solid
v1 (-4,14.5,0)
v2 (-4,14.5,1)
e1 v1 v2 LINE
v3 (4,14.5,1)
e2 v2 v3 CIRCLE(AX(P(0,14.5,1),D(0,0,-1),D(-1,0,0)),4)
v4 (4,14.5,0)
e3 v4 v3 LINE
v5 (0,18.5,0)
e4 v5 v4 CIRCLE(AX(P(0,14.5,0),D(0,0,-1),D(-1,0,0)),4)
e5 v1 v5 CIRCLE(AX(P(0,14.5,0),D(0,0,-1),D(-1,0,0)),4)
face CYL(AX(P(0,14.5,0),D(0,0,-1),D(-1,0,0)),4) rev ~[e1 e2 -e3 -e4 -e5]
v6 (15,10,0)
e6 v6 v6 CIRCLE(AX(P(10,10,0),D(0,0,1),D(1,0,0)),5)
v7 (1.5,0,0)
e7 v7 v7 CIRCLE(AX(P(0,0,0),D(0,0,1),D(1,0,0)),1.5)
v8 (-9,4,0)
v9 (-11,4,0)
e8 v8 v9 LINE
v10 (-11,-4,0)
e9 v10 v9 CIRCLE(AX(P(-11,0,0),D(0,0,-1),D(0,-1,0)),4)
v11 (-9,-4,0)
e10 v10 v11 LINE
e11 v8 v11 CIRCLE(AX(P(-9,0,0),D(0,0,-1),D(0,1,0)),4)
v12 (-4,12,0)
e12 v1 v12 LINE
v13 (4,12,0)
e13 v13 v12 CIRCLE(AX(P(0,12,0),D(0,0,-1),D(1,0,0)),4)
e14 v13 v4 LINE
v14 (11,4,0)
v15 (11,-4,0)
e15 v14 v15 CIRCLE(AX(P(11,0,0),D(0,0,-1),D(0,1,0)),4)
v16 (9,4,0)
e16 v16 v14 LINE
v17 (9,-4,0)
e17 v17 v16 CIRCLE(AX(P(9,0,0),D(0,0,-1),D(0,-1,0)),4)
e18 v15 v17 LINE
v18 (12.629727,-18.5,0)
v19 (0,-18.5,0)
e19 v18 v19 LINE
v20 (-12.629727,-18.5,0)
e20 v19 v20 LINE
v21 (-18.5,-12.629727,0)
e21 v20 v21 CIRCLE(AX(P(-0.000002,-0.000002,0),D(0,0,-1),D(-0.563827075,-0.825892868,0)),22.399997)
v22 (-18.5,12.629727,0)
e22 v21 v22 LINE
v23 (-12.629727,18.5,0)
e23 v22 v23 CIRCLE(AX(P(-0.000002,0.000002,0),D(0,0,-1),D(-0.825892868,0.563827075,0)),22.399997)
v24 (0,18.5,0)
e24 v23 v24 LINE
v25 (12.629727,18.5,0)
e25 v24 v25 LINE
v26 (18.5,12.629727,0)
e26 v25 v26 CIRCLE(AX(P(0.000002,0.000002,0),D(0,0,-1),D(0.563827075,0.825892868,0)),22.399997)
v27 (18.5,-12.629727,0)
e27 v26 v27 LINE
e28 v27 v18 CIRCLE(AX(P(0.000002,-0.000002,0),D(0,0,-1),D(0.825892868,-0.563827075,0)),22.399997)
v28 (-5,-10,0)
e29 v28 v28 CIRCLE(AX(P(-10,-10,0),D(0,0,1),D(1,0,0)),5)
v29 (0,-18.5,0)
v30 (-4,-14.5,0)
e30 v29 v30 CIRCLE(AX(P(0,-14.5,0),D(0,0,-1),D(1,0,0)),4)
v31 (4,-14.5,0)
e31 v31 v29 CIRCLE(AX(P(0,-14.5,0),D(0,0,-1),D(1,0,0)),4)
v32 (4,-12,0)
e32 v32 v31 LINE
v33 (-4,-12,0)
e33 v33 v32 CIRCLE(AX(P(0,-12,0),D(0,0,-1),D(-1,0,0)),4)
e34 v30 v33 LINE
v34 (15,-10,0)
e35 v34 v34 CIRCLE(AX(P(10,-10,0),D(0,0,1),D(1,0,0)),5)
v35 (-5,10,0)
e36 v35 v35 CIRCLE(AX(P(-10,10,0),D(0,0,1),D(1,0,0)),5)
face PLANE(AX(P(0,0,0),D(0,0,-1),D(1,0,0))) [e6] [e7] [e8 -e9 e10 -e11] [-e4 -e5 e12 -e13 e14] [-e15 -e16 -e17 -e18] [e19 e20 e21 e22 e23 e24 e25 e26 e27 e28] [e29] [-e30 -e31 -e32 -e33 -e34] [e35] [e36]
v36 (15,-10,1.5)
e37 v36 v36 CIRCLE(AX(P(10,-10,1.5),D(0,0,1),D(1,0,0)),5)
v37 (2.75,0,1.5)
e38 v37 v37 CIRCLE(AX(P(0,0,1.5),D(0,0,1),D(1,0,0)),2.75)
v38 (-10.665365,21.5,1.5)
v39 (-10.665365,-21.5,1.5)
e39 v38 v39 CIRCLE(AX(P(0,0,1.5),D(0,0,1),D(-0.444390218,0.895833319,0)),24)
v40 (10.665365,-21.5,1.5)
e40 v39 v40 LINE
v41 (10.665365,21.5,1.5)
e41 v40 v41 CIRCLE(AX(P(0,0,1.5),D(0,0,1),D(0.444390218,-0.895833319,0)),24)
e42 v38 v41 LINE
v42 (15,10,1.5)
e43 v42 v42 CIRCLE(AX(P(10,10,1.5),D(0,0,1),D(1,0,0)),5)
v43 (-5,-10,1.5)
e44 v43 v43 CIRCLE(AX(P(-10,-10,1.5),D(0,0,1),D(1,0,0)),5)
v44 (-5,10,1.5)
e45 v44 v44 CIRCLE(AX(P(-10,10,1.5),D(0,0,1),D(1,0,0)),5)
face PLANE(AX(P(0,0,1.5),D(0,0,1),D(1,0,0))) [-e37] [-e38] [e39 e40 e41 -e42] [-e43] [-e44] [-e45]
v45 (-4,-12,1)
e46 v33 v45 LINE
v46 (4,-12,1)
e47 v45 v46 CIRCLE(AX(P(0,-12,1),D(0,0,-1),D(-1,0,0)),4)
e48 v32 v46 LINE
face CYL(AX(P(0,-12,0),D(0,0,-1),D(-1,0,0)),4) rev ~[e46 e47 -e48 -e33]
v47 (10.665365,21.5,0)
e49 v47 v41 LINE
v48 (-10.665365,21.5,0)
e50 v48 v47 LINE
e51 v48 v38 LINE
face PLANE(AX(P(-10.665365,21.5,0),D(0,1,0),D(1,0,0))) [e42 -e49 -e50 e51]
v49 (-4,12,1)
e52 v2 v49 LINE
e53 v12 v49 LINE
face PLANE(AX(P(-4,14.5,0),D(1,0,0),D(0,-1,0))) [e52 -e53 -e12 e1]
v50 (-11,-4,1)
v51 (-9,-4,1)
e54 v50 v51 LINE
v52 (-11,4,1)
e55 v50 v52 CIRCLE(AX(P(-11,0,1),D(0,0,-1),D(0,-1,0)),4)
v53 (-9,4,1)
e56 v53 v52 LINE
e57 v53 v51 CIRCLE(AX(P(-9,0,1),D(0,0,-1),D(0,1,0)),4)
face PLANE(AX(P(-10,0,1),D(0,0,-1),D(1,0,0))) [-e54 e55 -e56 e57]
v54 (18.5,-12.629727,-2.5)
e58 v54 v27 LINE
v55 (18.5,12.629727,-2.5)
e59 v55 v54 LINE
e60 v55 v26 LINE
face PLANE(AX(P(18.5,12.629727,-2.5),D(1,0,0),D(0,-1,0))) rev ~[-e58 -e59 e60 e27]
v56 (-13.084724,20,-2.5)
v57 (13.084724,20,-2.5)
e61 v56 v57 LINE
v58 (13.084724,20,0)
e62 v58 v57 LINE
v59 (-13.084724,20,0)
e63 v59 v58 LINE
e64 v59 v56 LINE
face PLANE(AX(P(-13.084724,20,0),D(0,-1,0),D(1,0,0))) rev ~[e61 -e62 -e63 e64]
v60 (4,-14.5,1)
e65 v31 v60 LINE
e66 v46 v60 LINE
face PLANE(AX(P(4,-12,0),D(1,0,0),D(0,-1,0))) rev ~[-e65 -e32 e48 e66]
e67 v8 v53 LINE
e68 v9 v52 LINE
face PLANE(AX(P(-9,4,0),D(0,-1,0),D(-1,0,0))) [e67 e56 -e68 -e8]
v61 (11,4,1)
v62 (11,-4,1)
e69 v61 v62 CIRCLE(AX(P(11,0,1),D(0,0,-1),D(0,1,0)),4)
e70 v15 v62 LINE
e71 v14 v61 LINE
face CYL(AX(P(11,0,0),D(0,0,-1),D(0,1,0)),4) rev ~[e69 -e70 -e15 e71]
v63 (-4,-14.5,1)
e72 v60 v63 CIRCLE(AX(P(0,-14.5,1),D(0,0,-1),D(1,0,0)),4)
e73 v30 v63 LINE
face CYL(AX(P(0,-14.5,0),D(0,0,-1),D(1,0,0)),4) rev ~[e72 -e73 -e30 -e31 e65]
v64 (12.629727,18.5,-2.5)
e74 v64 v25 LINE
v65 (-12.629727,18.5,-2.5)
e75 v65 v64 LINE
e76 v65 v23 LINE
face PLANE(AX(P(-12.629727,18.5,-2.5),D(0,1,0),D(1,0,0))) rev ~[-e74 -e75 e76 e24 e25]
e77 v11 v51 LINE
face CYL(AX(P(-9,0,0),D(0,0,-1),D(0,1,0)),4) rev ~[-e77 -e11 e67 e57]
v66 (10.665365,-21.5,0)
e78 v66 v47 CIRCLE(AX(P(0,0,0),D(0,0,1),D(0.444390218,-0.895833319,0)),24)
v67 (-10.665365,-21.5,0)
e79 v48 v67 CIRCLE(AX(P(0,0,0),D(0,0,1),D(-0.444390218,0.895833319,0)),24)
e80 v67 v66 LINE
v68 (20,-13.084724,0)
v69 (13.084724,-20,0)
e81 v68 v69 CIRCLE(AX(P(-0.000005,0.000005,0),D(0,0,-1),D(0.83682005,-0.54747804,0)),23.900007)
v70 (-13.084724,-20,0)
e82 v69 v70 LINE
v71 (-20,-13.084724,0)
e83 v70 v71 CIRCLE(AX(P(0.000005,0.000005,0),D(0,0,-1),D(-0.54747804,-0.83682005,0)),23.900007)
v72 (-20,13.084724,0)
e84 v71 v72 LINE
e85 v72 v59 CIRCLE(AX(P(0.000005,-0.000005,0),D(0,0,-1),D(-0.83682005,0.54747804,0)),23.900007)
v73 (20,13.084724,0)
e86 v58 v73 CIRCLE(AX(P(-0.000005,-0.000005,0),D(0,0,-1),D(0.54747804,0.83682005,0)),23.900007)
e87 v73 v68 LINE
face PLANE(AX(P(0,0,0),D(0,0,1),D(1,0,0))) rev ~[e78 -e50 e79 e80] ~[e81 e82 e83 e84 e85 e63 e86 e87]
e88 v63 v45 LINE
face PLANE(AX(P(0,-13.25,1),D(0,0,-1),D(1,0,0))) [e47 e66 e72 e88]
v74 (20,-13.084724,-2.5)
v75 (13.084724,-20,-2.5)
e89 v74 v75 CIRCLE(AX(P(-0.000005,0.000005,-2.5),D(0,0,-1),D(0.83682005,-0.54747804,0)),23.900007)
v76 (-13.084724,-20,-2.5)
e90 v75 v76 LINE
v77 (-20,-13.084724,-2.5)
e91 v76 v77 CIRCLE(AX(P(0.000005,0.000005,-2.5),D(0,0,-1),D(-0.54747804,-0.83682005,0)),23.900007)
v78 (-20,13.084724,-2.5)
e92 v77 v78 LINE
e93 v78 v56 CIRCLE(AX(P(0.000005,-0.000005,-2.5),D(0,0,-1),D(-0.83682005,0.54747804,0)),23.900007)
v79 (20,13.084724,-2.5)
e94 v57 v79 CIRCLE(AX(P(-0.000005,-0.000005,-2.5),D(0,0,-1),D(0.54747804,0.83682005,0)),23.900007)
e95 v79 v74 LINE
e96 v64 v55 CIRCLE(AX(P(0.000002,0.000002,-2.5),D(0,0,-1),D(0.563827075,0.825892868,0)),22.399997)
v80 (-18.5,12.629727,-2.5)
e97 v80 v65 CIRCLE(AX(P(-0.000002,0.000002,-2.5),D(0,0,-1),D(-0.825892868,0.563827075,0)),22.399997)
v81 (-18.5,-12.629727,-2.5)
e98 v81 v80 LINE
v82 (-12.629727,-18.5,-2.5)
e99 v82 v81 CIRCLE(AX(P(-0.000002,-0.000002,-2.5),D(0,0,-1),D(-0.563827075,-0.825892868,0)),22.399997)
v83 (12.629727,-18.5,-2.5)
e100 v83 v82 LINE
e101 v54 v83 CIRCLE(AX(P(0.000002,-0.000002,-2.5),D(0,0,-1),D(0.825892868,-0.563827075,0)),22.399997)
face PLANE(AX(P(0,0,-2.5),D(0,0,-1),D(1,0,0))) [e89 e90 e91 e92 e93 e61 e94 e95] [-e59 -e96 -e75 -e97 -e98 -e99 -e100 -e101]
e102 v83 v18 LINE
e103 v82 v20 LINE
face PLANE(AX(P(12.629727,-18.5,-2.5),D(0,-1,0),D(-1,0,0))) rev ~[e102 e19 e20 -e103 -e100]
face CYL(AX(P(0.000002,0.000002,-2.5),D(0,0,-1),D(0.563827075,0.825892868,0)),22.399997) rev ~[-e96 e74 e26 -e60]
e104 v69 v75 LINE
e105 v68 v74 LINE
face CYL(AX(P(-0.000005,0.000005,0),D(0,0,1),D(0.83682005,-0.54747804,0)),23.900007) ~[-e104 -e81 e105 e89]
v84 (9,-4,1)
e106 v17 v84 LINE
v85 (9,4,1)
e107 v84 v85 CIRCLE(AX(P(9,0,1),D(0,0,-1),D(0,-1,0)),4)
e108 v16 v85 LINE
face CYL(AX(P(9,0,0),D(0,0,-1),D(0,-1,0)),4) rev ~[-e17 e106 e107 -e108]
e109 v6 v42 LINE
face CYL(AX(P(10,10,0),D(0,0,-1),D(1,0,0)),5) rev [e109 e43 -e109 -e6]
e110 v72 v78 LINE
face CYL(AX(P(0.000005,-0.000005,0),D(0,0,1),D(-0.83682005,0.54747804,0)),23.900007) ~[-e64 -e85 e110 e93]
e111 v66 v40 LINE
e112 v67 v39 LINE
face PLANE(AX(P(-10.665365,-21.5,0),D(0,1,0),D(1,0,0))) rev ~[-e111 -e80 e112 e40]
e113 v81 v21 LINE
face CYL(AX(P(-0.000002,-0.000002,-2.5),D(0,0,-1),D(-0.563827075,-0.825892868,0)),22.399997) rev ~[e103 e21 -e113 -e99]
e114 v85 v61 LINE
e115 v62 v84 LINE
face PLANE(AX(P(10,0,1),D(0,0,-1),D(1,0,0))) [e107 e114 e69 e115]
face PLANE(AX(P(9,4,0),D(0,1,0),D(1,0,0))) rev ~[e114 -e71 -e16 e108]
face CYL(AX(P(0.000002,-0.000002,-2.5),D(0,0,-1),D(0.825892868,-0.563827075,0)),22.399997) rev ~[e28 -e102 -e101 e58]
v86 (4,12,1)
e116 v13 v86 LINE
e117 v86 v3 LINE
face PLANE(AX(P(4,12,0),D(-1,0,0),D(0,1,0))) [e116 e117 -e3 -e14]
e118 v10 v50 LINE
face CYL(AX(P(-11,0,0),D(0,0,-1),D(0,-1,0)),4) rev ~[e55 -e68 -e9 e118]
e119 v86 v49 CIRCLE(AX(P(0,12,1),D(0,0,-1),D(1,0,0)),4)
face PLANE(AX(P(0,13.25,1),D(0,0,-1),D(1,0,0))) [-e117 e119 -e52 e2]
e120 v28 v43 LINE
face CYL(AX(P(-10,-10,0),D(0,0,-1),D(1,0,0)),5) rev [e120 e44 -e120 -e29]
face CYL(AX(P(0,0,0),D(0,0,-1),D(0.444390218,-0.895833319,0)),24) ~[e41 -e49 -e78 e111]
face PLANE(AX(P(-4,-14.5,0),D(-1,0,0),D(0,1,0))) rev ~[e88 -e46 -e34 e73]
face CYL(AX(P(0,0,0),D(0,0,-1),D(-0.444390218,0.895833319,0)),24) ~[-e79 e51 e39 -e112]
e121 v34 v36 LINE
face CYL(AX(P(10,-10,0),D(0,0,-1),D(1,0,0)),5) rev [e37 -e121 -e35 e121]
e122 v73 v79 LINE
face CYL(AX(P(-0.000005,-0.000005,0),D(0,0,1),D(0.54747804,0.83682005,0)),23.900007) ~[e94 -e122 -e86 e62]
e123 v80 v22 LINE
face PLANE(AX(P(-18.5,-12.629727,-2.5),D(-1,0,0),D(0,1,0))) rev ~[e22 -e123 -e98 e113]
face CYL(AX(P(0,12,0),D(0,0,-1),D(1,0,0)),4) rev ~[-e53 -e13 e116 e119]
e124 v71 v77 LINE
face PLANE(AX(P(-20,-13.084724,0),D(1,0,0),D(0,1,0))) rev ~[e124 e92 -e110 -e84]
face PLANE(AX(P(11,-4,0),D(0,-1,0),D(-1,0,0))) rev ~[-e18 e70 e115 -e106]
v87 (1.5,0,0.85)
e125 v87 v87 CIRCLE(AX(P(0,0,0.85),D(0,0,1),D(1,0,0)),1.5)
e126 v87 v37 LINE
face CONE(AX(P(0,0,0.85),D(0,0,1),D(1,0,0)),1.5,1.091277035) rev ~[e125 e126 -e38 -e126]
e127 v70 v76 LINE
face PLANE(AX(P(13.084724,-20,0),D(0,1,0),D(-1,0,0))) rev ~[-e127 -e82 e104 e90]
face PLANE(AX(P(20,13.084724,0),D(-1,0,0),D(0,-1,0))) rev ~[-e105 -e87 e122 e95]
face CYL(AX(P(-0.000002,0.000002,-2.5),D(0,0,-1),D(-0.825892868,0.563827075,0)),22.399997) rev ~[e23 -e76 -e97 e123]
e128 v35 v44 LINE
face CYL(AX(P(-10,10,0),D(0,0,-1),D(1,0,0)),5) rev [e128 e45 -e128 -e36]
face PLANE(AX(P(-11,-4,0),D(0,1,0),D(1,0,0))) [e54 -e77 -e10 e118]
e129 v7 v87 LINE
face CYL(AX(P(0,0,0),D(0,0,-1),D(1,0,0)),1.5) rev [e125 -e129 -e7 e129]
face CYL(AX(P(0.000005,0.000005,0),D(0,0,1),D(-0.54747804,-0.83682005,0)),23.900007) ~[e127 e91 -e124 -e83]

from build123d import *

# Parameters (mm, degrees)
SKETCH_R        = 5
SKETCH_R_2      = 1.5
PAD_DEPTH       = 1.5
CHAMFER_SIZE2   = 1.25
CHAMFER_SIZE    = 0.65
POCKET_DEPTH    = 1
PAD001_DEPTH    = 2.5
POCKET001_DEPTH = 2.5


with BuildPart() as part:
    # Sketch → Pad (new body)
    with BuildSketch(Plane.XY):
        with BuildLine():
            ThreePointArc((10.665365, -21.5), (24, 0), (10.665365, 21.5))
            Line((-10.665365, 21.5), (10.665365, 21.5))
            ThreePointArc((-10.665365, 21.5), (-24, 0), (-10.665365, -21.5))
            Line((-10.665365, -21.5), (10.665365, -21.5))
        make_face()
        with Locations((10, -10)):
            Circle(SKETCH_R, mode=Mode.SUBTRACT)
        with Locations((-10, -10)):
            Circle(SKETCH_R, mode=Mode.SUBTRACT)
        with Locations((-10, 10)):
            Circle(SKETCH_R, mode=Mode.SUBTRACT)
        with Locations((10, 10)):
            Circle(SKETCH_R, mode=Mode.SUBTRACT)
        Circle(SKETCH_R_2, mode=Mode.SUBTRACT)
    extrude(amount=PAD_DEPTH)

    # Chamfer
    chamfer_edges = [part.edges().sort_by_distance(p)[0] for p in [
        (-1.5, 0, 1.5),
    ]]
    chamfer_side = part.faces().sort_by_distance((-1.5, 0, 0.75))[0]
    chamfer(chamfer_edges, length=CHAMFER_SIZE, length2=CHAMFER_SIZE2, reference=chamfer_side)

    # Sketch001 (on Face3 of Chamfer) → Pocket (cut)
    with BuildSketch(Plane(origin=(0, 0, 0), x_dir=(1, 0, 0), z_dir=(0, 0, -1))):
        with BuildLine():
            ThreePointArc((4, 14.5), (0, 18.5), (-4, 14.5))
            Line((-4, 14.5), (-4, 12))
            ThreePointArc((-4, 12), (0, 8), (4, 12))
            Line((4, 12), (4, 14.5))
        make_face()
        with BuildLine():
            ThreePointArc((-4, -14.5), (0, -18.5), (4, -14.5))
            Line((4, -12), (4, -14.5))
            ThreePointArc((4, -12), (0, -8), (-4, -12))
            Line((-4, -14.5), (-4, -12))
        make_face()
        with BuildLine():
            ThreePointArc((9, 4), (5, 0), (9, -4))
            Line((9, -4), (11, -4))
            ThreePointArc((11, -4), (15, 0), (11, 4))
            Line((11, 4), (9, 4))
        make_face()
        with BuildLine():
            ThreePointArc((-9, -4), (-5, 0), (-9, 4))
            Line((-11, 4), (-9, 4))
            ThreePointArc((-11, 4), (-15, 0), (-11, -4))
            Line((-9, -4), (-11, -4))
        make_face()
    extrude(amount=-POCKET_DEPTH, mode=Mode.SUBTRACT)

    # Sketch002 (on Face3 of Pocket) → Pad001 (join)
    with BuildSketch(Plane(origin=(0, 0, 0), x_dir=(1, 0, 0), z_dir=(0, 0, -1))):
        with BuildLine():
            Line((-20, 13.084724), (-20, -13.084724))
            ThreePointArc((-20, -13.084724), (-16.899852, -16.899852), (-13.084724, -20))
            Line((-13.084724, -20), (13.084724, -20))
            ThreePointArc((13.084724, -20), (16.899852, -16.899852), (20, -13.084724))
            Line((20, -13.084724), (20, 13.084724))
            ThreePointArc((20, 13.084724), (16.899852, 16.899852), (13.084724, 20))
            Line((13.084724, 20), (-13.084724, 20))
            ThreePointArc((-13.084724, 20), (-16.899852, 16.899852), (-20, 13.084724))
        make_face()
    extrude(amount=PAD001_DEPTH)

    # Sketch003 (on Face26 of Pad001) → Pocket001 (cut)
    with BuildSketch(Plane(origin=(0, 0, -2.5), x_dir=(1, 0, 0), z_dir=(0, 0, -1))):
        with BuildLine():
            Line((-18.5, 12.629727), (-18.5, -12.629727))
            ThreePointArc((-18.5, -12.629727), (-15.839192, -15.839192), (-12.629727, -18.5))
            Line((-12.629727, -18.5), (12.629727, -18.5))
            ThreePointArc((12.629727, -18.5), (15.839192, -15.839192), (18.5, -12.629727))
            Line((18.5, -12.629727), (18.5, 12.629727))
            ThreePointArc((18.5, 12.629727), (15.839192, 15.839192), (12.629727, 18.5))
            Line((12.629727, 18.5), (-12.629727, 18.5))
            ThreePointArc((-12.629727, 18.5), (-15.839192, 15.839192), (-18.5, 12.629727))
        make_face()
    extrude(amount=-POCKET001_DEPTH, mode=Mode.SUBTRACT)


solid = part.part
